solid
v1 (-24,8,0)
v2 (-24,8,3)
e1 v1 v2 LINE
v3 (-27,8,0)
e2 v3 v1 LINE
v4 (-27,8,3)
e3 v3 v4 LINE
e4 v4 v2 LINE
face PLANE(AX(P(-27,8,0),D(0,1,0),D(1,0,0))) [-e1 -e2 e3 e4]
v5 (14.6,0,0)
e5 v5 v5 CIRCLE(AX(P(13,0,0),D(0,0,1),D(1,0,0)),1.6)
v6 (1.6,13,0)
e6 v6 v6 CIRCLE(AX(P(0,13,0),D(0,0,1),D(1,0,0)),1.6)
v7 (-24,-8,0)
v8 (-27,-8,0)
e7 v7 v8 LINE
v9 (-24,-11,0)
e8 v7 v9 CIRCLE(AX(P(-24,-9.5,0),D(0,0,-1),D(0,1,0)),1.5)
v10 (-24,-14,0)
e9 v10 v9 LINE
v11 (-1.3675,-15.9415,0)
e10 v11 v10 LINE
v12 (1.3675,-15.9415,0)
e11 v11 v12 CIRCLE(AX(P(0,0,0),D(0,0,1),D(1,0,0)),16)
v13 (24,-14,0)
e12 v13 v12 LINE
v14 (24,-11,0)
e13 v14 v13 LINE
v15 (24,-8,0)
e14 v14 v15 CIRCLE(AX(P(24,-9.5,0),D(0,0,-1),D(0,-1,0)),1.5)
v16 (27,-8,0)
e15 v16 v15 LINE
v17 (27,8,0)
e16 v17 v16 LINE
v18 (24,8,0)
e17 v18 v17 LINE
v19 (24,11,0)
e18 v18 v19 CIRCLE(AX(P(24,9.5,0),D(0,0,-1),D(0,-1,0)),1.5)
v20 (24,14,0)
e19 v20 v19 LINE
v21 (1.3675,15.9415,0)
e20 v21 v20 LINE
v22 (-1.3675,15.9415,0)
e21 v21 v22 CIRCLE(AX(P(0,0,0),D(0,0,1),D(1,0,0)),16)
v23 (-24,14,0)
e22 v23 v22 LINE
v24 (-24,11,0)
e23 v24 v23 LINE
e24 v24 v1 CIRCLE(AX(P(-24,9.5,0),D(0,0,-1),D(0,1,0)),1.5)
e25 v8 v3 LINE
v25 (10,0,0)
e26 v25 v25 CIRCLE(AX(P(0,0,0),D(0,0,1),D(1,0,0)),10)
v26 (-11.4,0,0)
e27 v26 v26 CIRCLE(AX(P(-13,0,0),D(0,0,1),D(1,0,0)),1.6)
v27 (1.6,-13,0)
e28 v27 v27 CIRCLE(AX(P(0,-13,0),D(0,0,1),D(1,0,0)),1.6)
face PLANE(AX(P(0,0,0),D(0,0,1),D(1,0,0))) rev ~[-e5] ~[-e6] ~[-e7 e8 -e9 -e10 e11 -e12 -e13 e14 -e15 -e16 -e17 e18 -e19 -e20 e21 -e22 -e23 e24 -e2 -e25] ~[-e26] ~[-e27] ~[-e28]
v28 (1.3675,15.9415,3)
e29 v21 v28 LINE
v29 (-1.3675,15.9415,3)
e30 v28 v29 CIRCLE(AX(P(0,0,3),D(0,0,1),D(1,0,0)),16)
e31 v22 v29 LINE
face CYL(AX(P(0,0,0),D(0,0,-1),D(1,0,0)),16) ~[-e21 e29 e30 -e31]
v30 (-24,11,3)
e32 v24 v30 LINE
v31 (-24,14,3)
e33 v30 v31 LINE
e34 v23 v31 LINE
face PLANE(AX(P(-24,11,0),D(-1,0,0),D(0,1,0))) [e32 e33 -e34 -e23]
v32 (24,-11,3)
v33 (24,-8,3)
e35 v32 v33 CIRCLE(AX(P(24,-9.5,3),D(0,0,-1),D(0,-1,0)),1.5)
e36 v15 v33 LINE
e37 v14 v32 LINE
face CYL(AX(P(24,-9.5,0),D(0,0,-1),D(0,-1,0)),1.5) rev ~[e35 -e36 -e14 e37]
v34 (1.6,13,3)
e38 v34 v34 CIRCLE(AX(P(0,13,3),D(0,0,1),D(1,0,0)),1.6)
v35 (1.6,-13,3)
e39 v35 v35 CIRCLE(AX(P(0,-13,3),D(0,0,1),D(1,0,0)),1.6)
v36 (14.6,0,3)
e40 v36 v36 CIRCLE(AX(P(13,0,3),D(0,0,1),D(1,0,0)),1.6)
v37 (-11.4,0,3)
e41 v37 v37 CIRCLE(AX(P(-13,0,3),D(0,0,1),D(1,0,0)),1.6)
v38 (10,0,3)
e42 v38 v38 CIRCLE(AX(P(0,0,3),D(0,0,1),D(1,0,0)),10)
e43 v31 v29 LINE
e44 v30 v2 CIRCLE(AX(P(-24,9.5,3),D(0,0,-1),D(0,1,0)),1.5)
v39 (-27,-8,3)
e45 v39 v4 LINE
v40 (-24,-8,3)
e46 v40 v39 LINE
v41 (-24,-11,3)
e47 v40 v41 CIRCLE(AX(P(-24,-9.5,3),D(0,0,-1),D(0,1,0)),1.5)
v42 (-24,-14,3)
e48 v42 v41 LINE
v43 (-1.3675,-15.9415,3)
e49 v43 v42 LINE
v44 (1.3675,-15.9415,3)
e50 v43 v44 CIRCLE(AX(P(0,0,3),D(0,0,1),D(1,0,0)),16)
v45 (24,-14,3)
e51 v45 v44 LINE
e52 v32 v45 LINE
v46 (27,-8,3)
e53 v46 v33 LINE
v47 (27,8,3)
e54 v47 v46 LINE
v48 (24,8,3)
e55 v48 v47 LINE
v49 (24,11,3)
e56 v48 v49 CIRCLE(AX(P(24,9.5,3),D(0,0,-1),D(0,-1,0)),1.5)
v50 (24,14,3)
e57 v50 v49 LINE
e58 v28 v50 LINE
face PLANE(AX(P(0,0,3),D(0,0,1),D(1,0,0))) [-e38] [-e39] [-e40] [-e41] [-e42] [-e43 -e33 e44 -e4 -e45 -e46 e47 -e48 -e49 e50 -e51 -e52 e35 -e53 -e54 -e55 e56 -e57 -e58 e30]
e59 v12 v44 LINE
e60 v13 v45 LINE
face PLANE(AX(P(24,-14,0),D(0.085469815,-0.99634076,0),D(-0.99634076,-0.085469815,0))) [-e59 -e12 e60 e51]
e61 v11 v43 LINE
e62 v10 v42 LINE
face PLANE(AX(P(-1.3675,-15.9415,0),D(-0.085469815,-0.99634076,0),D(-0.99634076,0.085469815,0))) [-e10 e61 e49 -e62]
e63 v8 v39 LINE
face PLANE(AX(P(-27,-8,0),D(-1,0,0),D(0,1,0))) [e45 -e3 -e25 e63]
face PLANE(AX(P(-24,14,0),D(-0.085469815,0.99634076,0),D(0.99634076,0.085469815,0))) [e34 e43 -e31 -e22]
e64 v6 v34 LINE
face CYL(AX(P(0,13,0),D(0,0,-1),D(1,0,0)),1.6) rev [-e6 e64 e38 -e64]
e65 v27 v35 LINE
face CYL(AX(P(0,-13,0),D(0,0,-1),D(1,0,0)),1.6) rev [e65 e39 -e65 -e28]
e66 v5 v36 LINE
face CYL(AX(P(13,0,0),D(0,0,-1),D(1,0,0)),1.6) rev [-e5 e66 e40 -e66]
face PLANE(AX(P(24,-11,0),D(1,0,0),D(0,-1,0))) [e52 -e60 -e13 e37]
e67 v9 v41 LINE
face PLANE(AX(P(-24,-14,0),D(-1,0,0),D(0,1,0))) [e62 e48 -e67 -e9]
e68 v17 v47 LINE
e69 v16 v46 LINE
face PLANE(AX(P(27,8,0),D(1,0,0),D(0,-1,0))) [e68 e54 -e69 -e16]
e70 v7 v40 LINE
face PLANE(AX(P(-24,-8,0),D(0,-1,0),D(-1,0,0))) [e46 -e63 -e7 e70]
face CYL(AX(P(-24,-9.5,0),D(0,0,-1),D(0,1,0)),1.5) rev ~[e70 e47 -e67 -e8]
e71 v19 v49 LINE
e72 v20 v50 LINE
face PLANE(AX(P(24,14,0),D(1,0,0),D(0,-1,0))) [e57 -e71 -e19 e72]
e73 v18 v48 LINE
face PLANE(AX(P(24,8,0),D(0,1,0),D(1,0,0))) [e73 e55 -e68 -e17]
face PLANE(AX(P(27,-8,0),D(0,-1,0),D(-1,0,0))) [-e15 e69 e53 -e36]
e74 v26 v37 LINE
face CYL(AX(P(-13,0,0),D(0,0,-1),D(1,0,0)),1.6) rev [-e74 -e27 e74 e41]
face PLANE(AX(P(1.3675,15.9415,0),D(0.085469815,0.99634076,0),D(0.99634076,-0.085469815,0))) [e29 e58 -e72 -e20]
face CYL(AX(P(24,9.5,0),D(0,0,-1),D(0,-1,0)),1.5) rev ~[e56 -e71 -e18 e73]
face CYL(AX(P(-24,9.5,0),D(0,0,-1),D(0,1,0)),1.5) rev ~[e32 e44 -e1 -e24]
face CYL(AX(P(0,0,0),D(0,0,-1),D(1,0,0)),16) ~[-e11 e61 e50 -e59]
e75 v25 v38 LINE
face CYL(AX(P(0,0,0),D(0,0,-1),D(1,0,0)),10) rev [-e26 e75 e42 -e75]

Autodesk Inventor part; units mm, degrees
ref_plane "YZ Plane" through (0, 0, 0) normal (1, 0, 0) x (0, 1, 0)
ref_plane "XZ Plane" through (0, 0, 0) normal (0, 1, 0) x (-1, 0, 0)
ref_plane "XY Plane" through (0, 0, 0) normal (0, 0, 1) x (1, 0, 0)
sketch "スケッチ1" plane through (0, 0, 0) normal (0, 0, 1) x (1, 0, 0)
  circle A0 centre (0, 0) radius 10
  circle A1 centre (13, 0) radius 1.6
  circle A2 centre (0, 13) radius 1.6
  circle A3 centre (-13, 0) radius 1.6
  circle A4 centre (0, -13) radius 1.6
  circle A5 centre (0, 0) radius 16
  dimension "d0" = 20
  dimension "d1" = 3.2
  dimension "d2" = 13
  dimension "d5" = 360
  dimension "d7" = 6
extrude "押し出し1" add sketch "スケッチ1" along normal blind 3
sketch "スケッチ2" plane through (0, 0, 0) normal (0, 0, -1) x (-1, 0, 0)
  line L0 (-27, 8) -> (-27, -8)
  line L1 (27, -8) -> (27, 8)
  circle A0 centre (0, 0) radius 16 projected
  line L2 (24, -8) -> (27, -8)
  line L3 (-27, -8) -> (-24, -8)
  line L4 (-24, 8) -> (-27, 8)
  line L5 (27, 8) -> (24, 8)
  line L6 (-24, 14) -> (-24, 11)
  line L7 (-24, -11) -> (-24, -14)
  line L8 (24, -14) -> (24, -11)
  line L9 (24, 11) -> (24, 14)
  line L10 (-24, -14) -> (-1.3675, -15.9415)
  line L11 (1.3675, -15.9415) -> (24, -14)
  line L12 (24, 14) -> (1.3675, 15.9415)
  line L13 (-1.3675, 15.9415) -> (-24, 14)
  circle A1 centre (0, 0) radius 16 projected
  arc A2 (24, -8) -> (24, -11) centre (24, -9.5) ccw
  arc A3 (24, 11) -> (24, 8) centre (24, 9.5) ccw
  arc A4 (-24, 8) -> (-24, 11) centre (-24, 9.5) ccw
  arc A5 (-24, -11) -> (-24, -8) centre (-24, -9.5) ccw
  point P0 (-27, 0)
  point P1 (27, 0)
  dimension "d10" = 54
  dimension "d11" = 16
  dimension "d13" = 48
  dimension "d14" = 28
  dimension "d17" = 3
extrude "押し出し2" add sketch "スケッチ2" against normal blind 3 contours L4 A4 L6 L13 A0 L10 L7 A5 L3 L0 | L12 L9 A3 L5 L1 L2 A2 L8 L11 A0
properties part number "RS555-71K_MotorsupportAL"
